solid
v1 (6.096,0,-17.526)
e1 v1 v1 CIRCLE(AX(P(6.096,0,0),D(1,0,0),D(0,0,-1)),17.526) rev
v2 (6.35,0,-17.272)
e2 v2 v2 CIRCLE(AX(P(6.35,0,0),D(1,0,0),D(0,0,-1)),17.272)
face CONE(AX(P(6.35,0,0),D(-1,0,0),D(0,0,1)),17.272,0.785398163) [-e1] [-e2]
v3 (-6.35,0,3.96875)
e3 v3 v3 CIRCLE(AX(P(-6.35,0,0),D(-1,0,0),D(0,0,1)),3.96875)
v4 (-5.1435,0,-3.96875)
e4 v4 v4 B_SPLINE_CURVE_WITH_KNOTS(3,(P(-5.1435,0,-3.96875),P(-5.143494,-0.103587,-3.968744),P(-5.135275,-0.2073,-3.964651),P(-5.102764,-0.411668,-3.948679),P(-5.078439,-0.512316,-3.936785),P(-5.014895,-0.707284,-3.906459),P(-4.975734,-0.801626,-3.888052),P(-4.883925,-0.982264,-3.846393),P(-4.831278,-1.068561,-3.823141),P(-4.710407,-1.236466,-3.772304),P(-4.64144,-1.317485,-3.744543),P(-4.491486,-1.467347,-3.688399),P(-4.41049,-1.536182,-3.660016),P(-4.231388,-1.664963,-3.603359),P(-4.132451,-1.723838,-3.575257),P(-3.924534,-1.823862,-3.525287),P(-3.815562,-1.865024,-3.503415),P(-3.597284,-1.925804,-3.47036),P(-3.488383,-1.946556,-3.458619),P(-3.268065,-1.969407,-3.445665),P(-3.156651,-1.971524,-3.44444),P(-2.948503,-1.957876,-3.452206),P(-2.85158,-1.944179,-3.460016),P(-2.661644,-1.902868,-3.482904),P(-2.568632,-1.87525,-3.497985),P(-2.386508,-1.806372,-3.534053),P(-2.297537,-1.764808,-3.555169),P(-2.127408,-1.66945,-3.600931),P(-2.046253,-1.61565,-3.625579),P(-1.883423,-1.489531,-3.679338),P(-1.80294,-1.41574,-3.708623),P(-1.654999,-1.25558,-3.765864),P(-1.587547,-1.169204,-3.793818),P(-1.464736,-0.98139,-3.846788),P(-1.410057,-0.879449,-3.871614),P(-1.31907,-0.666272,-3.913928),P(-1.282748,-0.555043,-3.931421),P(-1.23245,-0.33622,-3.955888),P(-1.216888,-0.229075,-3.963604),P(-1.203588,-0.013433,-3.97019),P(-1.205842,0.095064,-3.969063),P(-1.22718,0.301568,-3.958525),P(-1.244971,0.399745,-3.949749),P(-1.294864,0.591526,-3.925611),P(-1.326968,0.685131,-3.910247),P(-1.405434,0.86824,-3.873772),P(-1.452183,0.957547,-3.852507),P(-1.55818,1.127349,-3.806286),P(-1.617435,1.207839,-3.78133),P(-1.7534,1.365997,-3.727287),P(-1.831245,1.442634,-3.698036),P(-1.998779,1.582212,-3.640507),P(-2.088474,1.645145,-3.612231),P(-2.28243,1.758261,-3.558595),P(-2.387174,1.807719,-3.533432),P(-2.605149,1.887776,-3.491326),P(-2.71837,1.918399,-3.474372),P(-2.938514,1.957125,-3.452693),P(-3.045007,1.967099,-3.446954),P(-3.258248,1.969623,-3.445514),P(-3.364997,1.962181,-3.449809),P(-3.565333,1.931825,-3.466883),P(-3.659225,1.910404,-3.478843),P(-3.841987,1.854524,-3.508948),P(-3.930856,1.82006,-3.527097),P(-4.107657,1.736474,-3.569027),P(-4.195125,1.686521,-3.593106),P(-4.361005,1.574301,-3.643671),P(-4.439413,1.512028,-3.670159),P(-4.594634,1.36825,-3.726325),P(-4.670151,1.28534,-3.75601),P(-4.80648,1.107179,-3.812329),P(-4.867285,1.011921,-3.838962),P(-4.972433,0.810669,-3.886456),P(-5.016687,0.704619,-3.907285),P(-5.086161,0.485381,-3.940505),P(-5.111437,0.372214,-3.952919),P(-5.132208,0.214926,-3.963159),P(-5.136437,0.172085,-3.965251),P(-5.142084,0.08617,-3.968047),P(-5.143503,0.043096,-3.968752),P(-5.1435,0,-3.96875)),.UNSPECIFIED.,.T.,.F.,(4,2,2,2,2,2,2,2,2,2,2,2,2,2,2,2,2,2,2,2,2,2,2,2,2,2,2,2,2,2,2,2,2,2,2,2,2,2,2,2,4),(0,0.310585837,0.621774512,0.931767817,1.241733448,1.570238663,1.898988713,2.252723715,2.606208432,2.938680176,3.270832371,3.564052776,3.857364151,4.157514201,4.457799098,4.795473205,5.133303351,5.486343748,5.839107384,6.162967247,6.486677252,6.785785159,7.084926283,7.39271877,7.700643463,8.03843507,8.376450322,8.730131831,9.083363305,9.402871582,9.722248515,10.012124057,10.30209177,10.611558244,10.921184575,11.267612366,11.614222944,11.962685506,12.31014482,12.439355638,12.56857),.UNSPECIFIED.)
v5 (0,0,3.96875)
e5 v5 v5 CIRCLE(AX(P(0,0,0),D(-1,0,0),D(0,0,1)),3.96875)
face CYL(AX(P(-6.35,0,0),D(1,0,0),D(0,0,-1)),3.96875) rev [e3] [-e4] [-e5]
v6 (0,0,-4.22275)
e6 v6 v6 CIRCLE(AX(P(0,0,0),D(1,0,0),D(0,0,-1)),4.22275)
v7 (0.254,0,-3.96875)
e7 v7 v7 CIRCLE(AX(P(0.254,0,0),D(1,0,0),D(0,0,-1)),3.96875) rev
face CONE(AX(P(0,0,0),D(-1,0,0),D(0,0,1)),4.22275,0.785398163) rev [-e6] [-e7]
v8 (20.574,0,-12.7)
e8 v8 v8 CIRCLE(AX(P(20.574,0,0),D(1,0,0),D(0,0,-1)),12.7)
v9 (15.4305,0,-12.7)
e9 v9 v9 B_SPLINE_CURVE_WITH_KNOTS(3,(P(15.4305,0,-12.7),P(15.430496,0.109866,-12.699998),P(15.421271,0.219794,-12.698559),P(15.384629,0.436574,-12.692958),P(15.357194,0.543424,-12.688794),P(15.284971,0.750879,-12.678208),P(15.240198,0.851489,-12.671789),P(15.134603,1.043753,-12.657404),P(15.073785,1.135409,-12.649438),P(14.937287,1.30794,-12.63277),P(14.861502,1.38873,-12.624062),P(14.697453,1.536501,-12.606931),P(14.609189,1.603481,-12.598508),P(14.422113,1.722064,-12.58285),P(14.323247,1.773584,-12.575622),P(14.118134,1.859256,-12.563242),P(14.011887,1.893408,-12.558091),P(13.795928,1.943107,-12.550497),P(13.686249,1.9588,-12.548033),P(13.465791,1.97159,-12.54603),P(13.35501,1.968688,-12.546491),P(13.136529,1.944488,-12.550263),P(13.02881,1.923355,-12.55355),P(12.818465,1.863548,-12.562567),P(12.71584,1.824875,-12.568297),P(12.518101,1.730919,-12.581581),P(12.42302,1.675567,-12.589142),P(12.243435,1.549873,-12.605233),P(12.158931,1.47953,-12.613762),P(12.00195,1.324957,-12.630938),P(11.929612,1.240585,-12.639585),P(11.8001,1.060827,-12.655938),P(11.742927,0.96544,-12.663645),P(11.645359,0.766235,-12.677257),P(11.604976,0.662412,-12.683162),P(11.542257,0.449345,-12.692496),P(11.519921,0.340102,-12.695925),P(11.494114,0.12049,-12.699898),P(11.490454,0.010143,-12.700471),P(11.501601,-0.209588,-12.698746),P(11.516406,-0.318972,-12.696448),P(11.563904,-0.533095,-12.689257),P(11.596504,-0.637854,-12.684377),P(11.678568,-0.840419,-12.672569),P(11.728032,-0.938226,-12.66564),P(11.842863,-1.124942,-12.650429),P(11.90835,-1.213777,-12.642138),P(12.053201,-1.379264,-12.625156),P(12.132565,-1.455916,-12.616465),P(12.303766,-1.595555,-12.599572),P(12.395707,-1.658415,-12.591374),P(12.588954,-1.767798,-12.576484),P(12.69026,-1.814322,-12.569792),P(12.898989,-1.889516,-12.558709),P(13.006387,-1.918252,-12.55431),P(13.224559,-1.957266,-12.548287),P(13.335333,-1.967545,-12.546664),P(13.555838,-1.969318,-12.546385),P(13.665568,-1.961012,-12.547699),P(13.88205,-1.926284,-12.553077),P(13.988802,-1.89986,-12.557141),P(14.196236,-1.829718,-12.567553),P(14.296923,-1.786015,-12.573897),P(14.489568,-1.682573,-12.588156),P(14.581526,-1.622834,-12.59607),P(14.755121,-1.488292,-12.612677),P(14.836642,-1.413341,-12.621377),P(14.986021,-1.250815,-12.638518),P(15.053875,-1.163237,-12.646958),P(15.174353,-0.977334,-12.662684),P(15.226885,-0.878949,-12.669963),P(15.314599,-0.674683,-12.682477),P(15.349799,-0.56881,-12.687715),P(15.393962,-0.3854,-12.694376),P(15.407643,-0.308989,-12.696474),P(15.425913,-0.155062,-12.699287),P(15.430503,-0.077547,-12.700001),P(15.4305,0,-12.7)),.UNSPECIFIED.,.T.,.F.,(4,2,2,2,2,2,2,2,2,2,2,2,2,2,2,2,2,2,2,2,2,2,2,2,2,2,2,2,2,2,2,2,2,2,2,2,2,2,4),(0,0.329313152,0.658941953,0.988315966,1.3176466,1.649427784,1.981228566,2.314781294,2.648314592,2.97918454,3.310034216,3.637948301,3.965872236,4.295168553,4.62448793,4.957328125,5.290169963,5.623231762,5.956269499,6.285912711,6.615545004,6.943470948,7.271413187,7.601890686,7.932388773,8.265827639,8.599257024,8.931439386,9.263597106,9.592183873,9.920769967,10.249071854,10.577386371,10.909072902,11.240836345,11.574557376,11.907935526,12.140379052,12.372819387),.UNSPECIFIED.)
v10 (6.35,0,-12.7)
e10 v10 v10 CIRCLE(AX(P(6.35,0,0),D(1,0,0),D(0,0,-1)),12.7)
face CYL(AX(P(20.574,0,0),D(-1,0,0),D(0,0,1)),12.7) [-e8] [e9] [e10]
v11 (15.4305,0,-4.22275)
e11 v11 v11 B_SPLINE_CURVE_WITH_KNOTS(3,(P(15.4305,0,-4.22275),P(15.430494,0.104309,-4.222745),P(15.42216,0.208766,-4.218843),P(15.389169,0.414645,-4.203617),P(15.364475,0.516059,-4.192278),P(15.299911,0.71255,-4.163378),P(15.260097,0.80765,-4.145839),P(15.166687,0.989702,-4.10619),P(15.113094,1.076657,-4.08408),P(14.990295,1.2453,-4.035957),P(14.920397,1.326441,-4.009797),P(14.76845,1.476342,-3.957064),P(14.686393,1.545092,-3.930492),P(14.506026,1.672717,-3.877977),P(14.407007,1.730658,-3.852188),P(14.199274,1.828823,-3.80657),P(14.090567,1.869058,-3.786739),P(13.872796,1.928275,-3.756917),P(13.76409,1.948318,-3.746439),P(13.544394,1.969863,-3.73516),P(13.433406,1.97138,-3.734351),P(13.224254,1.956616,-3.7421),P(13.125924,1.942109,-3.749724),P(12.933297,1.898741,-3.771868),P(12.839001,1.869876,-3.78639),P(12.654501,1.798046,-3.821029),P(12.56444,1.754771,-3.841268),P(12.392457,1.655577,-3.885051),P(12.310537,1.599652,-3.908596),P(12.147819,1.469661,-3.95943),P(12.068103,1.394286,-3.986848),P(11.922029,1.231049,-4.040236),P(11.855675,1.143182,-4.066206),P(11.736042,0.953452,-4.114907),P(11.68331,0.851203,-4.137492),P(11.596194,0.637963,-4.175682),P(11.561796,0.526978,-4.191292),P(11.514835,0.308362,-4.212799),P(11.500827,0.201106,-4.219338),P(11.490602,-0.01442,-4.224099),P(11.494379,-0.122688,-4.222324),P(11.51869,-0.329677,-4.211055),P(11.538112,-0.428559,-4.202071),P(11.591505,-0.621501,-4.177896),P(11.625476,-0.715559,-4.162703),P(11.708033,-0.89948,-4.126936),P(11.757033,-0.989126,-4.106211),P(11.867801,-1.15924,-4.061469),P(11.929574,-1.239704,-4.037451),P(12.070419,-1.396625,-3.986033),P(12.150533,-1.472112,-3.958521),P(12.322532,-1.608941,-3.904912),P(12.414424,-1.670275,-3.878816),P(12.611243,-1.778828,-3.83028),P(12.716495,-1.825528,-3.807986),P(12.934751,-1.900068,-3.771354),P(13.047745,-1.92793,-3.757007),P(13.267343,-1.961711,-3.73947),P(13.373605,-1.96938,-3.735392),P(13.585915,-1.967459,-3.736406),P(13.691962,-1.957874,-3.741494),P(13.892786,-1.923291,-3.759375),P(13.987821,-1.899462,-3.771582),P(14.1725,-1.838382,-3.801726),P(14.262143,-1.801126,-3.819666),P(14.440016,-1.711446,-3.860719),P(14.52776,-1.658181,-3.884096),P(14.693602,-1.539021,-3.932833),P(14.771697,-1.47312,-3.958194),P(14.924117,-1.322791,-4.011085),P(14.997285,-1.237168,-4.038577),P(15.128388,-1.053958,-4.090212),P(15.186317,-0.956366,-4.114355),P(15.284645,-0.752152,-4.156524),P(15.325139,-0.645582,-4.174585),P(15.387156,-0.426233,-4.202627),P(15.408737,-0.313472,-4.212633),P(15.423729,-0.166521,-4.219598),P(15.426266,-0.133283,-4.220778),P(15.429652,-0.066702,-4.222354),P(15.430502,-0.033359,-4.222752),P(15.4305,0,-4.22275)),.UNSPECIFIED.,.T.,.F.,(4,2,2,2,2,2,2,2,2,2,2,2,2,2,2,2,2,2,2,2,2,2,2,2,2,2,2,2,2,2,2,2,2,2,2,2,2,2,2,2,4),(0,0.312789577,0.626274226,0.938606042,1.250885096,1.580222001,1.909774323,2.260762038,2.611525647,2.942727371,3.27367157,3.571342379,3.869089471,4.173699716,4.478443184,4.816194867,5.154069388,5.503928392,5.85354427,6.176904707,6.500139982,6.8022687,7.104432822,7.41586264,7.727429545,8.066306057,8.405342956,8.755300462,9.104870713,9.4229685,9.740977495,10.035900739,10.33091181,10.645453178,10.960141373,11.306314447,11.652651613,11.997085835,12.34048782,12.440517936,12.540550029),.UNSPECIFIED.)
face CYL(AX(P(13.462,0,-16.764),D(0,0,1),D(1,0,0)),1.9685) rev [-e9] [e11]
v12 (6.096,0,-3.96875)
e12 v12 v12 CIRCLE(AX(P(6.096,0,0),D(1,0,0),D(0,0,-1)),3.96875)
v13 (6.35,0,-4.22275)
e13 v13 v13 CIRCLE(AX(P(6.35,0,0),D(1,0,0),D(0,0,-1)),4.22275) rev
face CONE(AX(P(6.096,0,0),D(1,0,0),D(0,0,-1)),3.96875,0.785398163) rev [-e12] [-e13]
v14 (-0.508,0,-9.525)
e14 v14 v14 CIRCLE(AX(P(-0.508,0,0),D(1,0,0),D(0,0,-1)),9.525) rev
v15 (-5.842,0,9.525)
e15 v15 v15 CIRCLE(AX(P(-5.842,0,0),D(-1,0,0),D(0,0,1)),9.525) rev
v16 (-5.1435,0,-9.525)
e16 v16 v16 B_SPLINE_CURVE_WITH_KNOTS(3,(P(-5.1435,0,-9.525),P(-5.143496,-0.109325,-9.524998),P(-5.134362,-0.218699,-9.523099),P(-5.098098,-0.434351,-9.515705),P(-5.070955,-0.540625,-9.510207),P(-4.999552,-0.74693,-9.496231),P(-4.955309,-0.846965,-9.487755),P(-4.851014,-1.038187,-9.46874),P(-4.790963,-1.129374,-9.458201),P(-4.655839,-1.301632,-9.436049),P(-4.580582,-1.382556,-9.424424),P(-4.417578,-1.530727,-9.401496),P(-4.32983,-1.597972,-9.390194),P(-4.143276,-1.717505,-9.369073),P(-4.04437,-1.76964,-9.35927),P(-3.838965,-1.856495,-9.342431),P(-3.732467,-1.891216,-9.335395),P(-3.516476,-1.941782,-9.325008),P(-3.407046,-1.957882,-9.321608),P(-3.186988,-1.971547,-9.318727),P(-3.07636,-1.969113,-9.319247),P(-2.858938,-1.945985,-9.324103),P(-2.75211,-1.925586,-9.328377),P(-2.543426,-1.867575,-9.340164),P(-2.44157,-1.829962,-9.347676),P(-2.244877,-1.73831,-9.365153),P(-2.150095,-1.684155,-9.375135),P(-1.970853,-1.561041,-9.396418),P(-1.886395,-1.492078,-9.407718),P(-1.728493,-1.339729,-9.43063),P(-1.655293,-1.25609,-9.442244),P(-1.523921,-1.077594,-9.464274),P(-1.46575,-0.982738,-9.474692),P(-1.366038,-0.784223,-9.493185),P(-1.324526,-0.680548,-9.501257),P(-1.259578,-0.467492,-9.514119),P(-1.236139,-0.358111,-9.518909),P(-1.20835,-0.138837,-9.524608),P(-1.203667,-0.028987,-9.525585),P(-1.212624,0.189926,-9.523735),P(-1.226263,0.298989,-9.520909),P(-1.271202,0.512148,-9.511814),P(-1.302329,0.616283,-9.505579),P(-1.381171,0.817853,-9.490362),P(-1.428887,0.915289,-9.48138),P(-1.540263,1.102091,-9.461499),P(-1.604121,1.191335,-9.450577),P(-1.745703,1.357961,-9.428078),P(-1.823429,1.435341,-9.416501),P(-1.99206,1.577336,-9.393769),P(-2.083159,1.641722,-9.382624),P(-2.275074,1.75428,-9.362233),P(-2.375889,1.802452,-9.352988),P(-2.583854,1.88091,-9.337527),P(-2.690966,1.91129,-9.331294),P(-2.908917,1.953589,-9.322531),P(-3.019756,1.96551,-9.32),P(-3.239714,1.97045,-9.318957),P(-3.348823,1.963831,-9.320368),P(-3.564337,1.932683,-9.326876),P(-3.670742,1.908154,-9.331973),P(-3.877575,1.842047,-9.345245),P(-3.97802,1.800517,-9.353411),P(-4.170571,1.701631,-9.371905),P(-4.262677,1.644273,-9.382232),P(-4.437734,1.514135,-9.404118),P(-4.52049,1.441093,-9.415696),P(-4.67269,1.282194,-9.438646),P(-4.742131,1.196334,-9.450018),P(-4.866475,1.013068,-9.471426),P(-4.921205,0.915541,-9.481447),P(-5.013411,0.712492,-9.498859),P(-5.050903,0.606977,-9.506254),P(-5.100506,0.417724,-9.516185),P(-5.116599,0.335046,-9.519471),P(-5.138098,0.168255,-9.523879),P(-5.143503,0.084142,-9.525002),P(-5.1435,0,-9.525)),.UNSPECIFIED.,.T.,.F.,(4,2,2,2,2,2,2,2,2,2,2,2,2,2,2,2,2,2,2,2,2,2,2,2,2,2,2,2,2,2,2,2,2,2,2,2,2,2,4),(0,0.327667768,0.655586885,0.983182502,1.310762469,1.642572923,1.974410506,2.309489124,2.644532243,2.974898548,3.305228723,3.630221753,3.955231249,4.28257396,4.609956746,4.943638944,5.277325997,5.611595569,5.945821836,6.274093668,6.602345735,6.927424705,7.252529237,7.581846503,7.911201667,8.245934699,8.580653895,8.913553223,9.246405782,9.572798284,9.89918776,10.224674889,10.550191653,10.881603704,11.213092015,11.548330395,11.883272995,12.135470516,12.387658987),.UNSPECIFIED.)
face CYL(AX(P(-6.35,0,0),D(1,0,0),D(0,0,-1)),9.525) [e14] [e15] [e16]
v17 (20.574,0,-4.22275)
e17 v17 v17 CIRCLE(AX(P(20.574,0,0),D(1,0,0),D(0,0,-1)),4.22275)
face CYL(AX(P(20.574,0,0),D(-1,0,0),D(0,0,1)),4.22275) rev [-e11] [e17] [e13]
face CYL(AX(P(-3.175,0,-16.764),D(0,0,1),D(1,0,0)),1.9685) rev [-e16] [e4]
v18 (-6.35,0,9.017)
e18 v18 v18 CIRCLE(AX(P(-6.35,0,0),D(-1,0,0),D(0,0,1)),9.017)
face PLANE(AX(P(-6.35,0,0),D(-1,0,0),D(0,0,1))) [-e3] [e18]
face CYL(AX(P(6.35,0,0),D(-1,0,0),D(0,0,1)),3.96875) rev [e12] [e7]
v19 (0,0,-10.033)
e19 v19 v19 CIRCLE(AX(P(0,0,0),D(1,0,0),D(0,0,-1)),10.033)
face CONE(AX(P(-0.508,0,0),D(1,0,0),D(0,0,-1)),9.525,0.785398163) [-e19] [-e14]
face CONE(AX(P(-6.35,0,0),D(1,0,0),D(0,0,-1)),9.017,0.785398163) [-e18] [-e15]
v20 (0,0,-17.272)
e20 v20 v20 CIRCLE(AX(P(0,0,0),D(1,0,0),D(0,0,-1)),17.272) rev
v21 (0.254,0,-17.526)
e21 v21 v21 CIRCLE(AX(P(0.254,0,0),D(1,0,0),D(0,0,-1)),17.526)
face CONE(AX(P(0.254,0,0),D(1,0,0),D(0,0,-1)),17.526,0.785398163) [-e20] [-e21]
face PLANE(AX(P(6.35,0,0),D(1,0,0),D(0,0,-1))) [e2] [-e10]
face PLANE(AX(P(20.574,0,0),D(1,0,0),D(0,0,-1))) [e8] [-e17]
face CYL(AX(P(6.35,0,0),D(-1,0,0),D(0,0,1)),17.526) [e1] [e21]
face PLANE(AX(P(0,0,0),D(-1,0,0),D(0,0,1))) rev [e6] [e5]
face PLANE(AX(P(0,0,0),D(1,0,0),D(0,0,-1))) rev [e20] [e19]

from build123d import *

# Parameters (mm, degrees)
SKETCH1_R           = 17.526
SKETCH1_R_2         = 3.96875
BOSS_EXTRUDE1_DEPTH = 6.35
CHAMFER2_SIZE       = 0.254
BOSS_EXTRUDE2_START = 6.35
SKETCH3_R           = 9.525
SKETCH3_R_2         = 3.96875
BOSS_EXTRUDE2_DEPTH = 6.35
CHAMFER3_SIZE       = 0.508
SKETCH8_R           = 12.7
SKETCH8_R_2         = 4.22275
BOSS_EXTRUDE3_DEPTH = 14.224
SKETCH6_R           = 1.9685
CUT_EXTRUDE2_DEPTH  = 16.764


with BuildPart() as part:
    # Sketch1 → Boss-Extrude1 (new body)
    with BuildSketch(Plane(origin=(0, 0, 0), x_dir=(0, 0, -1), z_dir=(1, 0, 0))):
        Circle(SKETCH1_R)
        Circle(SKETCH1_R_2, mode=Mode.SUBTRACT)
    extrude(amount=BOSS_EXTRUDE1_DEPTH)

    # Chamfer2
    chamfer2_edges = [part.edges().sort_by_distance(p)[0] for p in [
        (0, 0, 17.526),
        (6.35, 0, 17.526),
        (0, 0, 3.96875),
        (6.35, 0, 3.96875),
    ]]
    chamfer(chamfer2_edges, length=CHAMFER2_SIZE)

    # Sketch3 → Boss-Extrude2 (add)
    with BuildSketch(Plane.ZY.offset(BOSS_EXTRUDE2_START)):
        with Locations(Location((0, 0, 0), (0, 0, 180))):
            Circle(SKETCH3_R)
        with Locations(Location((0, 0, 0), (0, 0, 180))):
            Circle(SKETCH3_R_2, mode=Mode.SUBTRACT)
    extrude(amount=-BOSS_EXTRUDE2_DEPTH)

    # Chamfer3
    chamfer3_edges = [part.edges().sort_by_distance(p)[0] for p in [
        (0, 0, 9.525),
        (-6.35, 0, 9.525),
    ]]
    chamfer(chamfer3_edges, length=CHAMFER3_SIZE)

    # Sketch8 → Boss-Extrude3 (add)
    with BuildSketch(Plane(origin=(6.35, 0, 0), x_dir=(0, 0, -1), z_dir=(1, 0, 0))):
        Circle(SKETCH8_R)
        Circle(SKETCH8_R_2, mode=Mode.SUBTRACT)
    extrude(amount=BOSS_EXTRUDE3_DEPTH)

    # Sketch6 → Cut-Extrude2 (cut)
    with BuildSketch(Plane.XY):
        with Locations(Location((-3.175, 0, 0), (0, 0, 180))):
            Circle(SKETCH6_R)
        with Locations((13.462, 0)):
            Circle(SKETCH6_R)
    extrude(amount=-CUT_EXTRUDE2_DEPTH, mode=Mode.SUBTRACT)


solid = part.part
